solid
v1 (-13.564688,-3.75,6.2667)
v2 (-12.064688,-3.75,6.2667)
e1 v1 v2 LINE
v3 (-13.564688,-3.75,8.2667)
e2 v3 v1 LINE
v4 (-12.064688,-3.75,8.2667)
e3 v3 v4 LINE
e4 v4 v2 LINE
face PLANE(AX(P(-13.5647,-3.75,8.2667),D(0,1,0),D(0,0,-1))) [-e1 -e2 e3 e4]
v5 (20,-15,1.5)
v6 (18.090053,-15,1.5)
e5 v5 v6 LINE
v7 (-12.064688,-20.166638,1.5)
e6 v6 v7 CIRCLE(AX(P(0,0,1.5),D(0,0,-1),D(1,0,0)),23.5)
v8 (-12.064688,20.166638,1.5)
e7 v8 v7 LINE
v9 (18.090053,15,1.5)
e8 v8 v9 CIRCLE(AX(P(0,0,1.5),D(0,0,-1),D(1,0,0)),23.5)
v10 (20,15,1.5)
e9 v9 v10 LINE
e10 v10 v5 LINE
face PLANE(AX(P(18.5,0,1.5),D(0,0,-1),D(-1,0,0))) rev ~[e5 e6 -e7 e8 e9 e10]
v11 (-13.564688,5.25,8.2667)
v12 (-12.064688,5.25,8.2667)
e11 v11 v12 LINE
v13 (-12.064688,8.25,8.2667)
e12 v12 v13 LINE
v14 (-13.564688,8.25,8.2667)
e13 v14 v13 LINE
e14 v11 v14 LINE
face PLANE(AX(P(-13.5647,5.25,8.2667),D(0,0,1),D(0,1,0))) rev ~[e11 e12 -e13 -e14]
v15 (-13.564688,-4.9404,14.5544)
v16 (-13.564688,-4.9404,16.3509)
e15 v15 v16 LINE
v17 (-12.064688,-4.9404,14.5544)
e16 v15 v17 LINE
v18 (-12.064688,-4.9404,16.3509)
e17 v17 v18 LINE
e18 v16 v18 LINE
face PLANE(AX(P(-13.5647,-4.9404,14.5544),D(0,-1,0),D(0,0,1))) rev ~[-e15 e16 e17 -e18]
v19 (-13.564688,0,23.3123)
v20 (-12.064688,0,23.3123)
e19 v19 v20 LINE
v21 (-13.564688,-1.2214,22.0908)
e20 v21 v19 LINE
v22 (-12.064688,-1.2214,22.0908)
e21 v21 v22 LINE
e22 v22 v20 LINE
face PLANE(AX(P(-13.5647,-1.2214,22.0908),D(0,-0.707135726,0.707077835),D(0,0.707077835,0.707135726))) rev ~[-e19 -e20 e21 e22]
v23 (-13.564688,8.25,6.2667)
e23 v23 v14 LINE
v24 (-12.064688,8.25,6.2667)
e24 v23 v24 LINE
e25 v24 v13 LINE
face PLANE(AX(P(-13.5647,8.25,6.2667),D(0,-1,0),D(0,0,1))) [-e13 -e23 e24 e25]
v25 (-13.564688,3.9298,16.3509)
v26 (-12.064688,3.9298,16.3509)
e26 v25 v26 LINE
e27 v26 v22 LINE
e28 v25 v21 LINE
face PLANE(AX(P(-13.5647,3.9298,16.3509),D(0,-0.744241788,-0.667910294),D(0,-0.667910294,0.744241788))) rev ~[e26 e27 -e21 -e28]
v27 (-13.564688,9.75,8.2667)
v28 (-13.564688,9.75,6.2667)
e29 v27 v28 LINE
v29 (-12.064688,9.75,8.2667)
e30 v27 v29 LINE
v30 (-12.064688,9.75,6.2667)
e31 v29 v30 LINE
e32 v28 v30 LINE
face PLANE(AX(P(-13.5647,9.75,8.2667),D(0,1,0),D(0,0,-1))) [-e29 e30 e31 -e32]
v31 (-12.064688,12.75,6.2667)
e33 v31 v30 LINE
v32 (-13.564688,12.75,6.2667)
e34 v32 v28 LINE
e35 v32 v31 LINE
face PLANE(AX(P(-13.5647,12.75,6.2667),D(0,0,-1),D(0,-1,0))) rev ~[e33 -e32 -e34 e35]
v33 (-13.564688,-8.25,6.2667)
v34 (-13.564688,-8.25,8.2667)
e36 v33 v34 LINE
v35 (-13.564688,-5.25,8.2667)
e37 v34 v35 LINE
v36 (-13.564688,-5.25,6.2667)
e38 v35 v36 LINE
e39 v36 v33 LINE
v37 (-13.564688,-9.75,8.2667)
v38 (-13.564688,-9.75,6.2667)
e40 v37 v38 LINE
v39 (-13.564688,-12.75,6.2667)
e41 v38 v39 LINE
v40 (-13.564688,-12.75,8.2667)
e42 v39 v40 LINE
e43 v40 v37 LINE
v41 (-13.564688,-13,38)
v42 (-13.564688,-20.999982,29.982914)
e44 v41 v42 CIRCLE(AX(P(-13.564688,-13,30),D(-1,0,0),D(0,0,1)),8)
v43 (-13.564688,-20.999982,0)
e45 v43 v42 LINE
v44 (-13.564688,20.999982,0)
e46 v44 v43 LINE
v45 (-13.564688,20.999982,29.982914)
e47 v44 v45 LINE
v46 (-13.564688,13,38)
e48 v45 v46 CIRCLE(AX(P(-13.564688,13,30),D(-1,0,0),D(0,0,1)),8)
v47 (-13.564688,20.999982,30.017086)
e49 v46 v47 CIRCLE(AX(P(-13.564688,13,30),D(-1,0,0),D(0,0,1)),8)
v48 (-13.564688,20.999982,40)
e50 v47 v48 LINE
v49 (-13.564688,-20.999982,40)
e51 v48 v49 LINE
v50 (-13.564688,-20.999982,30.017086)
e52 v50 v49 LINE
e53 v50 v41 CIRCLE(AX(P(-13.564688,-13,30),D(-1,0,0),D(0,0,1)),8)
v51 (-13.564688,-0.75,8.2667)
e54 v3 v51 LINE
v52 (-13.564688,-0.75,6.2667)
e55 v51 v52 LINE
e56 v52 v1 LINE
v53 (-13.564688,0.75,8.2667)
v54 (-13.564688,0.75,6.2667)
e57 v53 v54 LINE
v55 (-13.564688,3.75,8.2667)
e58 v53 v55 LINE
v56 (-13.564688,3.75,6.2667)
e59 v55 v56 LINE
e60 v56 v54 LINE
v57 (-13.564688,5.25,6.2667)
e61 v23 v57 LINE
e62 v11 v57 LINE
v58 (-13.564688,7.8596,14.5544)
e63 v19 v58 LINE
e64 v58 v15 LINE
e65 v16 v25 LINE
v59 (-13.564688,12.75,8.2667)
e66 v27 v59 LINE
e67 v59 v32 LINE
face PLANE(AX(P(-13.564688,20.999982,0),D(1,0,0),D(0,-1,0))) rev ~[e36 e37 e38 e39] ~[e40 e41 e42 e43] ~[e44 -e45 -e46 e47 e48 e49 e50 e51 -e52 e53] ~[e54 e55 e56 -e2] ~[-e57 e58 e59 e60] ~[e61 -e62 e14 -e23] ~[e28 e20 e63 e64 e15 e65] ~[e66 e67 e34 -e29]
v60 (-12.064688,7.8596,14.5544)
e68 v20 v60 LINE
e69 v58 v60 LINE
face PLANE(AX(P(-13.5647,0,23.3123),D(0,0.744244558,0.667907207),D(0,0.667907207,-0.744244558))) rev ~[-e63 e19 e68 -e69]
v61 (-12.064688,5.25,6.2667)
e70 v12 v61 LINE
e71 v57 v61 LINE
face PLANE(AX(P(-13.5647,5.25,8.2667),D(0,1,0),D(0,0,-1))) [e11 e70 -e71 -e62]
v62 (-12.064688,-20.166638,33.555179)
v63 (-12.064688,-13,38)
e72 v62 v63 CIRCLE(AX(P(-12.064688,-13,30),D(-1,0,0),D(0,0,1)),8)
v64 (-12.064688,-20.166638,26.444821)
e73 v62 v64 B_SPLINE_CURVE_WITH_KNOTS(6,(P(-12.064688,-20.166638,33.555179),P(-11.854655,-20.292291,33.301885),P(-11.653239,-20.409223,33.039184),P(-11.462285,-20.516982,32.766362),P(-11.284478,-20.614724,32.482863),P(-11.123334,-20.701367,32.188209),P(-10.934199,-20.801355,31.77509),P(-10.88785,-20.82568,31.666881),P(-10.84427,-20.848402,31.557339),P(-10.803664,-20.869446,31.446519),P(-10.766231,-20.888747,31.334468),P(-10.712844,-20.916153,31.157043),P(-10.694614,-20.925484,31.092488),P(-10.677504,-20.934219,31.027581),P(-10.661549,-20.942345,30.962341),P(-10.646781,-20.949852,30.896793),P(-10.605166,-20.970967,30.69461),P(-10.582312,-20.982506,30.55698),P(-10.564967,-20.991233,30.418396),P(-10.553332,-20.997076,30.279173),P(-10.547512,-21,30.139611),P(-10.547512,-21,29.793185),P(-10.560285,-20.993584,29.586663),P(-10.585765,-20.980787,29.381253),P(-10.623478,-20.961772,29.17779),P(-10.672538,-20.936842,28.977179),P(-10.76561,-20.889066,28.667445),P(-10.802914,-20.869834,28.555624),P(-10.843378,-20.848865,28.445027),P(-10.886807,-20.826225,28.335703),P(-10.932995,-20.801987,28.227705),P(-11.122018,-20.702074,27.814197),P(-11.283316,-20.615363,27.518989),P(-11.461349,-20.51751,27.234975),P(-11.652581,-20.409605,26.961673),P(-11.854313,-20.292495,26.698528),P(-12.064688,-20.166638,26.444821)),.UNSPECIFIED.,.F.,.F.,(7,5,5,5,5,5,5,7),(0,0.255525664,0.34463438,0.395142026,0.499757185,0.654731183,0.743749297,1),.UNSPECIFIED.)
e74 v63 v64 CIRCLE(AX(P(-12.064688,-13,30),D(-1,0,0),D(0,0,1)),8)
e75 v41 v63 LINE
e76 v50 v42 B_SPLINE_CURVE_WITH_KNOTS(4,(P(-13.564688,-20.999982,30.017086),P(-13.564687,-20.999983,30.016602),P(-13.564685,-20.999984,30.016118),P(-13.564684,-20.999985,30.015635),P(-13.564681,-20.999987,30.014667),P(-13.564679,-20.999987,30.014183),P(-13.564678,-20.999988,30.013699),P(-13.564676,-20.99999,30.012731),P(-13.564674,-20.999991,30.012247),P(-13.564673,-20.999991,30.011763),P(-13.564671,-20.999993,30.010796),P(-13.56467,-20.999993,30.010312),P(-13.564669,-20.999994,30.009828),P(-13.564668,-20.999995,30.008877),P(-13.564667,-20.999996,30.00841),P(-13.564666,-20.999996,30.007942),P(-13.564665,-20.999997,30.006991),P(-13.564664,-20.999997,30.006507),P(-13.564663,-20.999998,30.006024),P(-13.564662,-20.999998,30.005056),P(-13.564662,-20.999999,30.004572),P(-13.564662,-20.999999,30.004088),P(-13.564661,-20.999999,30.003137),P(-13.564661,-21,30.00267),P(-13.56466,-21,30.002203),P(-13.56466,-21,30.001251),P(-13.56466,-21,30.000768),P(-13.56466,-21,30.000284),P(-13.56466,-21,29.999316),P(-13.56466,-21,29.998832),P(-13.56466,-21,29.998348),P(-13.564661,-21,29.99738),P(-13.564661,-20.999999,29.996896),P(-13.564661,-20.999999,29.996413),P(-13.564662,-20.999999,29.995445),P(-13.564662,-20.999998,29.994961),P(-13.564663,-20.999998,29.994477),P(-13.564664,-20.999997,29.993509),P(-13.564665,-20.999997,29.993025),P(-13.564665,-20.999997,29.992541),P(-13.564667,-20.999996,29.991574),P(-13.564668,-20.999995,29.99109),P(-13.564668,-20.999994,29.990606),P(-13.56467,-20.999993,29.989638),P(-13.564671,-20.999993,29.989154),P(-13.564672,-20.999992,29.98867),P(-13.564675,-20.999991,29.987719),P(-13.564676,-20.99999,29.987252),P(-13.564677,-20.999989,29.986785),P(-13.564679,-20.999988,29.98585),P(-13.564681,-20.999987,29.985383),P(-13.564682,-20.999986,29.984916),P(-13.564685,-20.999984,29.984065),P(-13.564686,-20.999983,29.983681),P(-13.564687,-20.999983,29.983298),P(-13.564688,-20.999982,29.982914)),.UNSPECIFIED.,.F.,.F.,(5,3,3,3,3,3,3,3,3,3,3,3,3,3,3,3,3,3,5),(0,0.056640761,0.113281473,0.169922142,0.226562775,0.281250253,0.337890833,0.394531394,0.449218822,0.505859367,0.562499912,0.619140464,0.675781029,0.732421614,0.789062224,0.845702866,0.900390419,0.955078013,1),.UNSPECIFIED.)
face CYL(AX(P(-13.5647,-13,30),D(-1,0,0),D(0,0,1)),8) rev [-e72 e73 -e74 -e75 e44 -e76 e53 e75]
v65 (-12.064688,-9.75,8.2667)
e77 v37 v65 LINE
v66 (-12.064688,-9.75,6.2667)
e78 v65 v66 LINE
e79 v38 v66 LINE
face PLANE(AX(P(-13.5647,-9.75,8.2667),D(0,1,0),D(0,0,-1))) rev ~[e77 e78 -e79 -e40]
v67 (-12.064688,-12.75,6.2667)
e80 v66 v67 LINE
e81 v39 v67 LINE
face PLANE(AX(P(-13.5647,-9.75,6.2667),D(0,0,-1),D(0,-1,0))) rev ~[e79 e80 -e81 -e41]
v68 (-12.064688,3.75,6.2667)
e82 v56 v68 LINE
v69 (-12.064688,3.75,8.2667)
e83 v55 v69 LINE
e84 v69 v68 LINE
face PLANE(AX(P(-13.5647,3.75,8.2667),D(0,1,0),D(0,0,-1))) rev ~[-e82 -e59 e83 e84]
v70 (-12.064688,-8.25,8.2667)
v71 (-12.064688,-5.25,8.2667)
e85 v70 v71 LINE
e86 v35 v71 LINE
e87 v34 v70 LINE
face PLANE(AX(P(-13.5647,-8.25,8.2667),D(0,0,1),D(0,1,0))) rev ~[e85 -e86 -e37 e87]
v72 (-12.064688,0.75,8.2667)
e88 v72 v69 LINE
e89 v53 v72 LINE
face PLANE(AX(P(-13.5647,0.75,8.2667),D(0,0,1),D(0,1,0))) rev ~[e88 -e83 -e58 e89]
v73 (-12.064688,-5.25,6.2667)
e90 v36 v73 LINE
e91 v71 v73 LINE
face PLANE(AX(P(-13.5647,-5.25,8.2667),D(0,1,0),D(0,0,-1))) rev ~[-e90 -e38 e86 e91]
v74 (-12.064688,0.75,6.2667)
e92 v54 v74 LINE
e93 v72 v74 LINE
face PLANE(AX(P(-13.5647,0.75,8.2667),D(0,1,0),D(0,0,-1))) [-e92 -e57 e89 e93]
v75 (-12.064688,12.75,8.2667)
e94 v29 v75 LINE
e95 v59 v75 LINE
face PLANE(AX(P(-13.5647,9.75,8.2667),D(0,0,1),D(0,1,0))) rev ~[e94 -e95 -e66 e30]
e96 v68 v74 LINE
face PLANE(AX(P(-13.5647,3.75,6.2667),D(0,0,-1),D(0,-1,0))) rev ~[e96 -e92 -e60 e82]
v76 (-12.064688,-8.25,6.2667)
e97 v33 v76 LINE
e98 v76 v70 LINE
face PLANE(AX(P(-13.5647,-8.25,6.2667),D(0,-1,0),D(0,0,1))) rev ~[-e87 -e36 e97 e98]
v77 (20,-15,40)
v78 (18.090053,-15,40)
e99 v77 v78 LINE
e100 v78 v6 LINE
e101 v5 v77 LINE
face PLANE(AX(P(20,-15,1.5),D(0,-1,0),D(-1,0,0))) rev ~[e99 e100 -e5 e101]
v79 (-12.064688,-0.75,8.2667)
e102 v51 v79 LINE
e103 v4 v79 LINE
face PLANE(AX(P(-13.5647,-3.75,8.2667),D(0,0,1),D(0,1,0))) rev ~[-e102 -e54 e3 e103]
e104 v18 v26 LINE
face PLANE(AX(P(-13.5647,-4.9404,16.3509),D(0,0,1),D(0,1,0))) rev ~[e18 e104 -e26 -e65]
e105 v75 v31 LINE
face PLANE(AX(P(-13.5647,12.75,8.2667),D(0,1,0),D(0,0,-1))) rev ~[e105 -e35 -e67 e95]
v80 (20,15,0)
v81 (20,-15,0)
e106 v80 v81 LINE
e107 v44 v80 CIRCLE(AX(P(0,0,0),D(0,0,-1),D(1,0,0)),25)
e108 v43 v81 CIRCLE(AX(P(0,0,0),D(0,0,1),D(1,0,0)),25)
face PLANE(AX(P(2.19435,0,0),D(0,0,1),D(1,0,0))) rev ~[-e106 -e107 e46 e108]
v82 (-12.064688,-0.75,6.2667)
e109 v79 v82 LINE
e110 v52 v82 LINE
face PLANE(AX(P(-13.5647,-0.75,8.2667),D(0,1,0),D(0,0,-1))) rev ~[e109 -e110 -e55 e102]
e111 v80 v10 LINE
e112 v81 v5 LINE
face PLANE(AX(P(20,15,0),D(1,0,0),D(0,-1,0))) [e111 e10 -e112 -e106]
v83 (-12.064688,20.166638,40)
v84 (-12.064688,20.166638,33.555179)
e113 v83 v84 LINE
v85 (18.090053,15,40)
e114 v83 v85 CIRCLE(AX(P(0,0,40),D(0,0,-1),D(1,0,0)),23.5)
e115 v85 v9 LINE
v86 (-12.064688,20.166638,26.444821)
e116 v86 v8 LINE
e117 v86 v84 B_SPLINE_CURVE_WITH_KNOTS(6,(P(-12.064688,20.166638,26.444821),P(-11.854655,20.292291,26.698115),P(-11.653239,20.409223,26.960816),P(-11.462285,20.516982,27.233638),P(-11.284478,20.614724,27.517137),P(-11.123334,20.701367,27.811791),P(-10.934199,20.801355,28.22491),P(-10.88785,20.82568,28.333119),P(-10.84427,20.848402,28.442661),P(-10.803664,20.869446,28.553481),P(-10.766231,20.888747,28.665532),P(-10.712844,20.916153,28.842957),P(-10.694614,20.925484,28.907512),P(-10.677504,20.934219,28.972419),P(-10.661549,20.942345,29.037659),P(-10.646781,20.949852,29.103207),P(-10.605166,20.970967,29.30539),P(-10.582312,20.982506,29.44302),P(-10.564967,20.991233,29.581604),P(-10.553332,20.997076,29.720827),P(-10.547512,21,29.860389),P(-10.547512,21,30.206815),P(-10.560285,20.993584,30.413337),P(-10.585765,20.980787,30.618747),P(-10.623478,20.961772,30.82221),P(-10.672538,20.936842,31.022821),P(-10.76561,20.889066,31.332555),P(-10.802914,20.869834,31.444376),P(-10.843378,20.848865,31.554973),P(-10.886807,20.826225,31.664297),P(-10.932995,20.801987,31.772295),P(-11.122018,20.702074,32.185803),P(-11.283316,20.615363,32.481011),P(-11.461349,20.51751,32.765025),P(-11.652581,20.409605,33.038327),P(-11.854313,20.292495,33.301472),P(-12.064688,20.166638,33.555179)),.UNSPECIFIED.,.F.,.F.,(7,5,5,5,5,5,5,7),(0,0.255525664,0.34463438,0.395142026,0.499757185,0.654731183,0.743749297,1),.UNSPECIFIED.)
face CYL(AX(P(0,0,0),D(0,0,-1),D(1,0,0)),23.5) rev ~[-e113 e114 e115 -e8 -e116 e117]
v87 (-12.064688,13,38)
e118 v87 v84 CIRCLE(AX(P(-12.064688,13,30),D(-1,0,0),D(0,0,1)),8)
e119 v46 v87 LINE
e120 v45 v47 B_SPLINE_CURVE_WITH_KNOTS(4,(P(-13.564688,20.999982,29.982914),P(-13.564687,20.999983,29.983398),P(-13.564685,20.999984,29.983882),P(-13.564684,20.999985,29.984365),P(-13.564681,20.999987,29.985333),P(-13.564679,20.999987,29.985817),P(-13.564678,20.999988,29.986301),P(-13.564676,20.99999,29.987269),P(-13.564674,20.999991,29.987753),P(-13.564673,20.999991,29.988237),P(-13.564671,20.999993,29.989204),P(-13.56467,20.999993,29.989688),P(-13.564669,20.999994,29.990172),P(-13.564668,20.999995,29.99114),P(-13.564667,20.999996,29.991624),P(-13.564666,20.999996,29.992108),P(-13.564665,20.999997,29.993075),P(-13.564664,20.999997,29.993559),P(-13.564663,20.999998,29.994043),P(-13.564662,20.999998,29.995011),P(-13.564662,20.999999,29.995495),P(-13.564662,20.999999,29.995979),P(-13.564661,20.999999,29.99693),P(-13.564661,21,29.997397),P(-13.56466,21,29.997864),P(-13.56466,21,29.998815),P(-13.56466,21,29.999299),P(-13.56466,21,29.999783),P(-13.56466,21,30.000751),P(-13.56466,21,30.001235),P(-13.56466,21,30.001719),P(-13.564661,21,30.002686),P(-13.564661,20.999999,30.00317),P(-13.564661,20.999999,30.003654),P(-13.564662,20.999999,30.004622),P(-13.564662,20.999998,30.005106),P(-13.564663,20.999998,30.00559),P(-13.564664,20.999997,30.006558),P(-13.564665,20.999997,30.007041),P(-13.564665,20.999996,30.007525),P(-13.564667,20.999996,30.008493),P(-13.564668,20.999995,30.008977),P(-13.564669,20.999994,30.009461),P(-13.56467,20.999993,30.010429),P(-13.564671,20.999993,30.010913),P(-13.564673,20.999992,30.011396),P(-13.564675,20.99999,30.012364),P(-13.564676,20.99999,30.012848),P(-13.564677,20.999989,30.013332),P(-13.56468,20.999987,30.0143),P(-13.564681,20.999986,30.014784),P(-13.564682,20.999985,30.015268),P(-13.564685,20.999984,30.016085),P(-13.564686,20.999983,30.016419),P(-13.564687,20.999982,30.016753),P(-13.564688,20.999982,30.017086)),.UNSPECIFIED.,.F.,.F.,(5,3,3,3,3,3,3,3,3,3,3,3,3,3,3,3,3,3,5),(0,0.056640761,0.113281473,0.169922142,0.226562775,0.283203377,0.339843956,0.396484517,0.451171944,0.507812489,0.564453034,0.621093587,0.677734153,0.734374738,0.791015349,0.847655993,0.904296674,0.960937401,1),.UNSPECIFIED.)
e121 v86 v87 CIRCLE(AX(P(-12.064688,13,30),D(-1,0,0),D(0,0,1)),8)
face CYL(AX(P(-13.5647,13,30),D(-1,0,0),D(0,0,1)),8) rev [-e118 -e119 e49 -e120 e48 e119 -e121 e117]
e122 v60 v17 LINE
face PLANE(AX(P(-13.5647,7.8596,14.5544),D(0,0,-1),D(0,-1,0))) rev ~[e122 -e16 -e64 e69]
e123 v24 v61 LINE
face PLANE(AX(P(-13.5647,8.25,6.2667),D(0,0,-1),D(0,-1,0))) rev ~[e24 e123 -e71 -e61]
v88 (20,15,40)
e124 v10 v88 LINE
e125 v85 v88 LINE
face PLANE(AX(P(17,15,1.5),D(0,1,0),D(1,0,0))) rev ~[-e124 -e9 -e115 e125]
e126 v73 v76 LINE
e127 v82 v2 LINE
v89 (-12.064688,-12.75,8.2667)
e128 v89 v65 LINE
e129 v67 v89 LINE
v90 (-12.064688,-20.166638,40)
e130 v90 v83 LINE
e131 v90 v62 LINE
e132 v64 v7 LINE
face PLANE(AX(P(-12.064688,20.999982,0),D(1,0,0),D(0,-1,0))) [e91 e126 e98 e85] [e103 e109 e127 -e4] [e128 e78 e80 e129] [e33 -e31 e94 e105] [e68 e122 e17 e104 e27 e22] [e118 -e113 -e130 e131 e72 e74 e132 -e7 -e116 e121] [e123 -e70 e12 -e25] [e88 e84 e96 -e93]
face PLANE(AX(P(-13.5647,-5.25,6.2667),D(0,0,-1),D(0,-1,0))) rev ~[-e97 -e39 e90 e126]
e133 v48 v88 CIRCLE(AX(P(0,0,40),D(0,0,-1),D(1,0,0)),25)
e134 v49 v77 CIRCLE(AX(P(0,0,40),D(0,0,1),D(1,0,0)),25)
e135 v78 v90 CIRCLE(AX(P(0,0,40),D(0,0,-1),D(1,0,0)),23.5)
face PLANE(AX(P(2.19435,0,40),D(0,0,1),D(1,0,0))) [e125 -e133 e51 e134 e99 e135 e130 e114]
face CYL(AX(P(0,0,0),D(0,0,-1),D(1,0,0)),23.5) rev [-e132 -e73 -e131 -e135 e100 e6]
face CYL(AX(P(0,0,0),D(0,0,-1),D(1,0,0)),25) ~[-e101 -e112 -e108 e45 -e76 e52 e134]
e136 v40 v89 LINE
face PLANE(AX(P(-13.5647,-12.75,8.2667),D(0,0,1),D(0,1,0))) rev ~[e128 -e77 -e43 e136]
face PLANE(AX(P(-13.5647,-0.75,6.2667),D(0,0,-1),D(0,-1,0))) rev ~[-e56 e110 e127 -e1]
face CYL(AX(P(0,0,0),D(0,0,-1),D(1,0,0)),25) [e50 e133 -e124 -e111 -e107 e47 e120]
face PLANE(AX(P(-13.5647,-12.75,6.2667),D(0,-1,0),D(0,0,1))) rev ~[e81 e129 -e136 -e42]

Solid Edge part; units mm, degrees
sketch "Sketch1" plane through (0, 0, 0) normal (0, 0, 1) x (1, 0, 0)
  line L0 (-13.5647, 21) -> (-13.5647, -21)
  line L1 (20, 15) -> (20, -15)
  arc A0 (-13.5647, 21) -> (20, 15) centre (0, 0) cw
  arc A1 (-13.5647, -21) -> (20, -15) centre (0, 0) ccw
  dimension "D1" = 50
  dimension "D2" = 42
  dimension "D3" = 30
extrude "Protrusion1" add sketch "Sketch1" along normal blind 40
shell "Espesor_1" thickness 1.5 removed faces 1 at (-8.3062, -16.1667, 40)
hole "Agujero_1" at (-13.5647, 13, 30) direction (1, 0, 0) diameter 16 end up to next
hole "Hole1" at (-13.5647, -13, 30) direction (1, 0, 0) diameter 16 end up to next
sketch "Sketch2" plane through (-13.5647, 0, 20) normal (-1, 0, 0) x (0, -1, 0)
  line L0 (0, 3.3123) -> (-7.8596, -5.4456)
  line L1 (-7.8596, -5.4456) -> (4.9404, -5.4456)
  line L2 (4.9404, -5.4456) -> (4.9404, -3.6491)
  line L3 (4.9404, -3.6491) -> (-3.9298, -3.6491)
  line L4 (-3.9298, -3.6491) -> (1.2214, 2.0908)
  line L5 (1.2214, 2.0908) -> (0, 3.3123)
  line L6 (9.75, -13.7333) -> (12.75, -13.7333)
  line L7 (12.75, -13.7333) -> (12.75, -11.7333)
  line L8 (12.75, -11.7333) -> (9.75, -11.7333)
  line L9 (9.75, -11.7333) -> (9.75, -13.7333)
  line L10 (-12.75, -11.7333) -> (-12.75, -13.7333)
  line L11 (-12.75, -13.7333) -> (-9.75, -13.7333)
  line L12 (-9.75, -11.7333) -> (-9.75, -13.7333)
  line L13 (-9.75, -11.7333) -> (-12.75, -11.7333)
  line L14 (-8.25, -13.7333) -> (-8.25, -11.7333)
  line L15 (-5.25, -11.7333) -> (-8.25, -11.7333)
  line L16 (-5.25, -11.7333) -> (-5.25, -13.7333)
  line L17 (-8.25, -13.7333) -> (-5.25, -13.7333)
  line L18 (-0.75, -11.7333) -> (-0.75, -13.7333)
  line L19 (-3.75, -13.7333) -> (-0.75, -13.7333)
  line L20 (-3.75, -11.7333) -> (-3.75, -13.7333)
  line L21 (-0.75, -11.7333) -> (-3.75, -11.7333)
  line L22 (8.25, -13.7333) -> (8.25, -11.7333)
  line L23 (8.25, -11.7333) -> (5.25, -11.7333)
  line L24 (5.25, -11.7333) -> (5.25, -13.7333)
  line L25 (5.25, -13.7333) -> (8.25, -13.7333)
  line L26 (0.75, -11.7333) -> (0.75, -13.7333)
  line L27 (0.75, -13.7333) -> (3.75, -13.7333)
  line L28 (3.75, -11.7333) -> (3.75, -13.7333)
  line L29 (3.75, -11.7333) -> (0.75, -11.7333)
  dimension "D1" = 1.5
  dimension "D2" = 1.5
  dimension "D3" = 1.5
  dimension "D4" = 2
  dimension "D5" = 3
extrude "Cutout1" cut sketch "Sketch2" against normal up to next
sketch "Sketch3" plane through (3.2177, 0, 1.5) normal (0, 0, 1) x (0, -1, 0)
  line L0 (15, 13.7823) -> (-15, 13.7823)
  line L1 (-15, 13.7823) -> (-15, 16.7823)
  line L2 (-15, 16.7823) -> (15, 16.7823)
  line L3 (15, 16.7823) -> (15, 13.7823)
extrude "Cutout2" cut sketch "Sketch3" along normal up to next
